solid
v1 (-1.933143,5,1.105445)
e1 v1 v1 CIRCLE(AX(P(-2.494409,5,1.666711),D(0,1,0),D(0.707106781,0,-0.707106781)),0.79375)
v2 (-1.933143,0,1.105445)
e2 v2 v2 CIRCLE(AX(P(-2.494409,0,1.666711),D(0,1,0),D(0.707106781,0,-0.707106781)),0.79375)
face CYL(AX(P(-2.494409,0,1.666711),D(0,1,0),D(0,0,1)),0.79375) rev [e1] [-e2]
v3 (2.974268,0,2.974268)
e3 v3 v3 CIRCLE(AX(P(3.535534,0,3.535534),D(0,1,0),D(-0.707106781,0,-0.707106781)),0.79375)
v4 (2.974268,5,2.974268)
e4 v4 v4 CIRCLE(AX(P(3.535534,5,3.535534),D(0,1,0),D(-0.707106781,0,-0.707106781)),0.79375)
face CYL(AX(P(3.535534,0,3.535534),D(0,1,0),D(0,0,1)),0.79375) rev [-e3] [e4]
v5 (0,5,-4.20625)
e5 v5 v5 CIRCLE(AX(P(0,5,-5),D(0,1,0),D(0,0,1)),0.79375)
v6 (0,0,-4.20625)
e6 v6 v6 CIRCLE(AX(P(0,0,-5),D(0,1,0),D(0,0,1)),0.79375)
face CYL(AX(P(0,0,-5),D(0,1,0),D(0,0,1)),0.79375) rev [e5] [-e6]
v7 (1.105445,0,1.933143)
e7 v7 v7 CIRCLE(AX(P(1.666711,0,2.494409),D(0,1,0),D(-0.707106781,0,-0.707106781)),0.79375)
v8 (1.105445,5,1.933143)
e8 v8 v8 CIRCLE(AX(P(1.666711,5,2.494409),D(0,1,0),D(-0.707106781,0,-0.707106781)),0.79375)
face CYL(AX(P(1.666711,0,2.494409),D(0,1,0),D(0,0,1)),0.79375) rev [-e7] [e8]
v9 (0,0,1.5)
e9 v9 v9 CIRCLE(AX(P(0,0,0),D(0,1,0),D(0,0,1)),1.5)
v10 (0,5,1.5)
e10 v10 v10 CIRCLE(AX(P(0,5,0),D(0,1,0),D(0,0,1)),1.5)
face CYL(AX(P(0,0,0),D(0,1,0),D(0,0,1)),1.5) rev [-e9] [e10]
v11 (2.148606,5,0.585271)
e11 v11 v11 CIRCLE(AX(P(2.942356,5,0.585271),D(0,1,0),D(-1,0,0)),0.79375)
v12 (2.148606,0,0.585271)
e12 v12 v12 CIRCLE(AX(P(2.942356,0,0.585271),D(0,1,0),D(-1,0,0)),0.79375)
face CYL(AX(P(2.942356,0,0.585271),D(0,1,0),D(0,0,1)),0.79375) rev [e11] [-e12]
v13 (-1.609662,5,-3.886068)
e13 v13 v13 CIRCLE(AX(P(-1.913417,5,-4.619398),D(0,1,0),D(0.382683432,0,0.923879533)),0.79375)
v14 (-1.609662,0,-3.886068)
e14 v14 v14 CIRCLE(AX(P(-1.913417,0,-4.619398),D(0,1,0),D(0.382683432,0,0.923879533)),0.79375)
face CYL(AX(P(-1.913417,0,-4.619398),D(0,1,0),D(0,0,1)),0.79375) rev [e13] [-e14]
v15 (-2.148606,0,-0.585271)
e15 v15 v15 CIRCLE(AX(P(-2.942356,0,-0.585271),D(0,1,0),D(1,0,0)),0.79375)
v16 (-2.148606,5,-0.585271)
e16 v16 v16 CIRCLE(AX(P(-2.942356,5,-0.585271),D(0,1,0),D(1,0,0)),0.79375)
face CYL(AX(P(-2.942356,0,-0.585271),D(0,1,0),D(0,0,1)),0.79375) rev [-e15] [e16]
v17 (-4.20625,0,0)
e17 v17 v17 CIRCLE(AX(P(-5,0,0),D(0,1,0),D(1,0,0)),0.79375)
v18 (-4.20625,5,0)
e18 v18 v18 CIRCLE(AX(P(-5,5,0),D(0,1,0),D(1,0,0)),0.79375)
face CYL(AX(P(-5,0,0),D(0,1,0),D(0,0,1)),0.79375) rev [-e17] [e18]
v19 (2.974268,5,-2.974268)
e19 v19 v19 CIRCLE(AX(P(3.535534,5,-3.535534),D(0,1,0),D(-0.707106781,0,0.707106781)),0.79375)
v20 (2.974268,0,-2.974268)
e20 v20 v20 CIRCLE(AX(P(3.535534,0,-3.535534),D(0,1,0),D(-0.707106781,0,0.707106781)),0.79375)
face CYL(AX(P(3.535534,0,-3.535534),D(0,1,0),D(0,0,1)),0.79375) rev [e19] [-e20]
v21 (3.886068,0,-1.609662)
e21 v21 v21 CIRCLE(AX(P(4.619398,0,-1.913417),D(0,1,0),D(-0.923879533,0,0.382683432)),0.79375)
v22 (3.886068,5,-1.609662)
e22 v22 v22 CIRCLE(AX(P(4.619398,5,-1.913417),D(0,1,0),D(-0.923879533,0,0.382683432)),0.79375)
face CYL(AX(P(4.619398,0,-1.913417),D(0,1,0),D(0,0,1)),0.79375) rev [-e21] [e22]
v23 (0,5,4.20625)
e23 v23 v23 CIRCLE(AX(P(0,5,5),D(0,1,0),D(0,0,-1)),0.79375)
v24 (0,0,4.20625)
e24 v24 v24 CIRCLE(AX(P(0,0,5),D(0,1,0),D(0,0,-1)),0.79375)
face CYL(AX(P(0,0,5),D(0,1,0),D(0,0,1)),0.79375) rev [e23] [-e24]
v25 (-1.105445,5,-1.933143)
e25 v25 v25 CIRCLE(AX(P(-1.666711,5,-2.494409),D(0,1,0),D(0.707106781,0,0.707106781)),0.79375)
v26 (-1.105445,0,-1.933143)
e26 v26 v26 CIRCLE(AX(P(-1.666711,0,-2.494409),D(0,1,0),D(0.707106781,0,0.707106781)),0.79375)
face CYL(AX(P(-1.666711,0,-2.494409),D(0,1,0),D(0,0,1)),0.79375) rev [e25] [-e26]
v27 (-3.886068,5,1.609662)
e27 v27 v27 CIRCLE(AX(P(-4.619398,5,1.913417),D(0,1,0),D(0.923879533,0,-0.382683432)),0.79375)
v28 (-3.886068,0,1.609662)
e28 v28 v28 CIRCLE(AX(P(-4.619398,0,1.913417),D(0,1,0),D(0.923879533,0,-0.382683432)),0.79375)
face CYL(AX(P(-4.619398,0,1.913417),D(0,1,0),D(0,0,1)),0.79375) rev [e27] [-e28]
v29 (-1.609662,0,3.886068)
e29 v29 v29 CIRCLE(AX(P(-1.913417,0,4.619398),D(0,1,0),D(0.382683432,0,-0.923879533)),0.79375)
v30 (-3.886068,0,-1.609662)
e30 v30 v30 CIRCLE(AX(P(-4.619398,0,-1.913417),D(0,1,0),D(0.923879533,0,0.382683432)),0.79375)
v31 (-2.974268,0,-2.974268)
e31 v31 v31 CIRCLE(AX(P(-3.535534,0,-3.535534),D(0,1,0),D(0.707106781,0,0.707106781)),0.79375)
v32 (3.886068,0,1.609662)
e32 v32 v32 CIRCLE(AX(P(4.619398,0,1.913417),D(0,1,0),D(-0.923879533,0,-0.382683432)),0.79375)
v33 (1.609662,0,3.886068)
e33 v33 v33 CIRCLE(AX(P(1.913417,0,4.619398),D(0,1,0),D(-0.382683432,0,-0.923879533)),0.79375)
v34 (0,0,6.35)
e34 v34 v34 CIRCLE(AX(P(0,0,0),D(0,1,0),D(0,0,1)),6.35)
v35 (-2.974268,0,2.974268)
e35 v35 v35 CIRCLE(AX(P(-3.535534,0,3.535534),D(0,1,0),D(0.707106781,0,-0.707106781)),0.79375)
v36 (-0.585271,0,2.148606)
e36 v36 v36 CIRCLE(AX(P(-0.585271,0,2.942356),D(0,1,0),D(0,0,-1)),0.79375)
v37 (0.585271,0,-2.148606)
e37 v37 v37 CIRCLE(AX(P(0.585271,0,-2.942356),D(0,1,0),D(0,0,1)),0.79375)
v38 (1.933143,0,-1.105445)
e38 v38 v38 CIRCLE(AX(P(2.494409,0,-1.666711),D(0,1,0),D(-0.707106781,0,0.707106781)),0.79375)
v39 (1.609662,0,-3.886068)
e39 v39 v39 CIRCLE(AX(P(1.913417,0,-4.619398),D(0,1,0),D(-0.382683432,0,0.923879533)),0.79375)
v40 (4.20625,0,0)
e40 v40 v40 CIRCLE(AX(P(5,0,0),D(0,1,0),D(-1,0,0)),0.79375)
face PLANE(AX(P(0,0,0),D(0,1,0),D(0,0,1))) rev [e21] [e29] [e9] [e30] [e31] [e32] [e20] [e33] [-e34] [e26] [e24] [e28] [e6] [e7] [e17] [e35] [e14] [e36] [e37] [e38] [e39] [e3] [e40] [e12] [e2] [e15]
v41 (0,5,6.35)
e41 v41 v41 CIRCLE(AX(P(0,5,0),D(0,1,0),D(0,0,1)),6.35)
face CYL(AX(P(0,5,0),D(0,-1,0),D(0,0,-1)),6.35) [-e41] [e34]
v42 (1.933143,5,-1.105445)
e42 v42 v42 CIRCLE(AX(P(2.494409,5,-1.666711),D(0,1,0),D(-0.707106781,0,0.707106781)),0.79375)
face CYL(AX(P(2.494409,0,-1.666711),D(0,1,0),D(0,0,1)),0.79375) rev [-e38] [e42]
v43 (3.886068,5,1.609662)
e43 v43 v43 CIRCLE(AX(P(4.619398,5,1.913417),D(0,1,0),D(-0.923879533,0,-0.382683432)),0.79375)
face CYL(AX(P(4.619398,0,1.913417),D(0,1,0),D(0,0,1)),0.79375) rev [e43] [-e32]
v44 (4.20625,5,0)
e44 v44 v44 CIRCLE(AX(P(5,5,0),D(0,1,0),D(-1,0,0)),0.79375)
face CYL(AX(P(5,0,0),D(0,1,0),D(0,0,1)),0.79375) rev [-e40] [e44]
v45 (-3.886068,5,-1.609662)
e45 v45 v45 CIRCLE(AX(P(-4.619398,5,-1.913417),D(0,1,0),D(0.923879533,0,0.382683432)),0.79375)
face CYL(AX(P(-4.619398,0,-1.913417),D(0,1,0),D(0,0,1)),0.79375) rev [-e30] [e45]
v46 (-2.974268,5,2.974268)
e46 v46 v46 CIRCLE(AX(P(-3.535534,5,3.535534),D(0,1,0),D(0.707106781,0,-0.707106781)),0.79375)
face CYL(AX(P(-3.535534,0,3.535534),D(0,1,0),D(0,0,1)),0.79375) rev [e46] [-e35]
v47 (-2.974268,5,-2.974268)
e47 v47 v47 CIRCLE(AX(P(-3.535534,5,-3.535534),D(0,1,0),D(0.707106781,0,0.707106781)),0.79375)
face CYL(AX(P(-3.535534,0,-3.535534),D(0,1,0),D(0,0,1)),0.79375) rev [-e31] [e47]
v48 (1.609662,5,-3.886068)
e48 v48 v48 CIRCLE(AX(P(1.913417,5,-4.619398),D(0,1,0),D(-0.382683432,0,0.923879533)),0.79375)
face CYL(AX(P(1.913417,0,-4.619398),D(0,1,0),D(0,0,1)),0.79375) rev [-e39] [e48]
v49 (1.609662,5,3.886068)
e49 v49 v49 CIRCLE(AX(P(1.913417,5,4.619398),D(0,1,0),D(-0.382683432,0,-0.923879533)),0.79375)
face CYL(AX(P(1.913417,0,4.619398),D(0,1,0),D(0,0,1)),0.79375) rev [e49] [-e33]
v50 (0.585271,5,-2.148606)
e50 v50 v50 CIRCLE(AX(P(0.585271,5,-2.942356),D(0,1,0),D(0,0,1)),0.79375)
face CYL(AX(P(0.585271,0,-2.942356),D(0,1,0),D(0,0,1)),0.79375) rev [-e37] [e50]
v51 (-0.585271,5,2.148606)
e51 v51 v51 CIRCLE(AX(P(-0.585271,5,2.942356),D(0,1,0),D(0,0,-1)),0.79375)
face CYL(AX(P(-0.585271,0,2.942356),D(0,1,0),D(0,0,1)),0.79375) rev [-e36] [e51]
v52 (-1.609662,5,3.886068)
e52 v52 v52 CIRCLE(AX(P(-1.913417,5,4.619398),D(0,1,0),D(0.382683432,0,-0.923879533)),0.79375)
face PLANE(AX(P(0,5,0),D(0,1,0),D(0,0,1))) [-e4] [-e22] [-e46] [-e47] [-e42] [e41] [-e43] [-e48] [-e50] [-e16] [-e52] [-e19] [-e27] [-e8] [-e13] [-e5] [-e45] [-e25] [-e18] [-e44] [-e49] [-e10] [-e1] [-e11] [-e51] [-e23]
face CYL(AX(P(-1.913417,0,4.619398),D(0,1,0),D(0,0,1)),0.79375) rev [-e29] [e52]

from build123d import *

# Parameters (mm, degrees)
SKETCH1_R           = 6.35
BOSS_EXTRUDE1_DEPTH = 5
SKETCH2_R           = 0.79375
CUT_EXTRUDE1_DEPTH  = 11.278375358
CIRPATTERN1_COUNT   = 16
SKETCH3_R           = 0.79375
CUT_EXTRUDE2_DEPTH  = 11.278375358
CIRPATTERN3_COUNT   = 8
SKETCH4_R           = 1.5
CUT_EXTRUDE3_DEPTH  = 11.278375358


with BuildPart() as part:
    # Sketch1 → Boss-Extrude1 (new body)
    with BuildSketch(Plane(origin=(0, 0, 0), x_dir=(1, 0, 0), z_dir=(0, 1, 0))):
        with Locations(Location((0, 0, 0), (0, 0, 270))):
            Circle(SKETCH1_R)
    extrude(amount=BOSS_EXTRUDE1_DEPTH)

    # Sketch2 → Cut-Extrude1 (cut, through all)
    with BuildSketch(Plane(origin=(0, 5, 0), x_dir=(1, 0, 0), z_dir=(0, 1, 0))):
        with Locations(Location((0, 5, 0), (0, 0, 270))):
            Circle(SKETCH2_R)
    cut_extrude1 = extrude(amount=-CUT_EXTRUDE1_DEPTH, mode=Mode.SUBTRACT)

    # CirPattern1: Cut-Extrude1 ×16 about axis
    cirpattern1_axis = Axis((0, 0, 0), (0, 1, 0))
    for i in range(1, CIRPATTERN1_COUNT):
        add(cut_extrude1.rotate(cirpattern1_axis, i * 360 / CIRPATTERN1_COUNT), mode=Mode.SUBTRACT)

    # Sketch3 → Cut-Extrude2 (cut, through all)
    with BuildSketch(Plane(origin=(0, 5, 0), x_dir=(1, 0, 0), z_dir=(0, 1, 0))):
        with Locations(Location((0.585270966, 2.942355841, 0), (0, 0, 270))):
            Circle(SKETCH3_R)
    cut_extrude2 = extrude(amount=-CUT_EXTRUDE2_DEPTH, mode=Mode.SUBTRACT)

    # CirPattern3: Cut-Extrude2 ×8 about axis
    cirpattern3_axis = Axis((0, 0, 0), (0, 1, 0))
    for i in range(1, CIRPATTERN3_COUNT):
        add(cut_extrude2.rotate(cirpattern3_axis, i * 360 / CIRPATTERN3_COUNT), mode=Mode.SUBTRACT)

    # Sketch4 → Cut-Extrude3 (cut, through all)
    with BuildSketch(Plane(origin=(0, 5, 0), x_dir=(1, 0, 0), z_dir=(0, 1, 0))):
        with Locations(Location((0, 0, 0), (0, 0, 270))):
            Circle(SKETCH4_R)
    extrude(amount=-CUT_EXTRUDE3_DEPTH, mode=Mode.SUBTRACT)


solid = part.part
